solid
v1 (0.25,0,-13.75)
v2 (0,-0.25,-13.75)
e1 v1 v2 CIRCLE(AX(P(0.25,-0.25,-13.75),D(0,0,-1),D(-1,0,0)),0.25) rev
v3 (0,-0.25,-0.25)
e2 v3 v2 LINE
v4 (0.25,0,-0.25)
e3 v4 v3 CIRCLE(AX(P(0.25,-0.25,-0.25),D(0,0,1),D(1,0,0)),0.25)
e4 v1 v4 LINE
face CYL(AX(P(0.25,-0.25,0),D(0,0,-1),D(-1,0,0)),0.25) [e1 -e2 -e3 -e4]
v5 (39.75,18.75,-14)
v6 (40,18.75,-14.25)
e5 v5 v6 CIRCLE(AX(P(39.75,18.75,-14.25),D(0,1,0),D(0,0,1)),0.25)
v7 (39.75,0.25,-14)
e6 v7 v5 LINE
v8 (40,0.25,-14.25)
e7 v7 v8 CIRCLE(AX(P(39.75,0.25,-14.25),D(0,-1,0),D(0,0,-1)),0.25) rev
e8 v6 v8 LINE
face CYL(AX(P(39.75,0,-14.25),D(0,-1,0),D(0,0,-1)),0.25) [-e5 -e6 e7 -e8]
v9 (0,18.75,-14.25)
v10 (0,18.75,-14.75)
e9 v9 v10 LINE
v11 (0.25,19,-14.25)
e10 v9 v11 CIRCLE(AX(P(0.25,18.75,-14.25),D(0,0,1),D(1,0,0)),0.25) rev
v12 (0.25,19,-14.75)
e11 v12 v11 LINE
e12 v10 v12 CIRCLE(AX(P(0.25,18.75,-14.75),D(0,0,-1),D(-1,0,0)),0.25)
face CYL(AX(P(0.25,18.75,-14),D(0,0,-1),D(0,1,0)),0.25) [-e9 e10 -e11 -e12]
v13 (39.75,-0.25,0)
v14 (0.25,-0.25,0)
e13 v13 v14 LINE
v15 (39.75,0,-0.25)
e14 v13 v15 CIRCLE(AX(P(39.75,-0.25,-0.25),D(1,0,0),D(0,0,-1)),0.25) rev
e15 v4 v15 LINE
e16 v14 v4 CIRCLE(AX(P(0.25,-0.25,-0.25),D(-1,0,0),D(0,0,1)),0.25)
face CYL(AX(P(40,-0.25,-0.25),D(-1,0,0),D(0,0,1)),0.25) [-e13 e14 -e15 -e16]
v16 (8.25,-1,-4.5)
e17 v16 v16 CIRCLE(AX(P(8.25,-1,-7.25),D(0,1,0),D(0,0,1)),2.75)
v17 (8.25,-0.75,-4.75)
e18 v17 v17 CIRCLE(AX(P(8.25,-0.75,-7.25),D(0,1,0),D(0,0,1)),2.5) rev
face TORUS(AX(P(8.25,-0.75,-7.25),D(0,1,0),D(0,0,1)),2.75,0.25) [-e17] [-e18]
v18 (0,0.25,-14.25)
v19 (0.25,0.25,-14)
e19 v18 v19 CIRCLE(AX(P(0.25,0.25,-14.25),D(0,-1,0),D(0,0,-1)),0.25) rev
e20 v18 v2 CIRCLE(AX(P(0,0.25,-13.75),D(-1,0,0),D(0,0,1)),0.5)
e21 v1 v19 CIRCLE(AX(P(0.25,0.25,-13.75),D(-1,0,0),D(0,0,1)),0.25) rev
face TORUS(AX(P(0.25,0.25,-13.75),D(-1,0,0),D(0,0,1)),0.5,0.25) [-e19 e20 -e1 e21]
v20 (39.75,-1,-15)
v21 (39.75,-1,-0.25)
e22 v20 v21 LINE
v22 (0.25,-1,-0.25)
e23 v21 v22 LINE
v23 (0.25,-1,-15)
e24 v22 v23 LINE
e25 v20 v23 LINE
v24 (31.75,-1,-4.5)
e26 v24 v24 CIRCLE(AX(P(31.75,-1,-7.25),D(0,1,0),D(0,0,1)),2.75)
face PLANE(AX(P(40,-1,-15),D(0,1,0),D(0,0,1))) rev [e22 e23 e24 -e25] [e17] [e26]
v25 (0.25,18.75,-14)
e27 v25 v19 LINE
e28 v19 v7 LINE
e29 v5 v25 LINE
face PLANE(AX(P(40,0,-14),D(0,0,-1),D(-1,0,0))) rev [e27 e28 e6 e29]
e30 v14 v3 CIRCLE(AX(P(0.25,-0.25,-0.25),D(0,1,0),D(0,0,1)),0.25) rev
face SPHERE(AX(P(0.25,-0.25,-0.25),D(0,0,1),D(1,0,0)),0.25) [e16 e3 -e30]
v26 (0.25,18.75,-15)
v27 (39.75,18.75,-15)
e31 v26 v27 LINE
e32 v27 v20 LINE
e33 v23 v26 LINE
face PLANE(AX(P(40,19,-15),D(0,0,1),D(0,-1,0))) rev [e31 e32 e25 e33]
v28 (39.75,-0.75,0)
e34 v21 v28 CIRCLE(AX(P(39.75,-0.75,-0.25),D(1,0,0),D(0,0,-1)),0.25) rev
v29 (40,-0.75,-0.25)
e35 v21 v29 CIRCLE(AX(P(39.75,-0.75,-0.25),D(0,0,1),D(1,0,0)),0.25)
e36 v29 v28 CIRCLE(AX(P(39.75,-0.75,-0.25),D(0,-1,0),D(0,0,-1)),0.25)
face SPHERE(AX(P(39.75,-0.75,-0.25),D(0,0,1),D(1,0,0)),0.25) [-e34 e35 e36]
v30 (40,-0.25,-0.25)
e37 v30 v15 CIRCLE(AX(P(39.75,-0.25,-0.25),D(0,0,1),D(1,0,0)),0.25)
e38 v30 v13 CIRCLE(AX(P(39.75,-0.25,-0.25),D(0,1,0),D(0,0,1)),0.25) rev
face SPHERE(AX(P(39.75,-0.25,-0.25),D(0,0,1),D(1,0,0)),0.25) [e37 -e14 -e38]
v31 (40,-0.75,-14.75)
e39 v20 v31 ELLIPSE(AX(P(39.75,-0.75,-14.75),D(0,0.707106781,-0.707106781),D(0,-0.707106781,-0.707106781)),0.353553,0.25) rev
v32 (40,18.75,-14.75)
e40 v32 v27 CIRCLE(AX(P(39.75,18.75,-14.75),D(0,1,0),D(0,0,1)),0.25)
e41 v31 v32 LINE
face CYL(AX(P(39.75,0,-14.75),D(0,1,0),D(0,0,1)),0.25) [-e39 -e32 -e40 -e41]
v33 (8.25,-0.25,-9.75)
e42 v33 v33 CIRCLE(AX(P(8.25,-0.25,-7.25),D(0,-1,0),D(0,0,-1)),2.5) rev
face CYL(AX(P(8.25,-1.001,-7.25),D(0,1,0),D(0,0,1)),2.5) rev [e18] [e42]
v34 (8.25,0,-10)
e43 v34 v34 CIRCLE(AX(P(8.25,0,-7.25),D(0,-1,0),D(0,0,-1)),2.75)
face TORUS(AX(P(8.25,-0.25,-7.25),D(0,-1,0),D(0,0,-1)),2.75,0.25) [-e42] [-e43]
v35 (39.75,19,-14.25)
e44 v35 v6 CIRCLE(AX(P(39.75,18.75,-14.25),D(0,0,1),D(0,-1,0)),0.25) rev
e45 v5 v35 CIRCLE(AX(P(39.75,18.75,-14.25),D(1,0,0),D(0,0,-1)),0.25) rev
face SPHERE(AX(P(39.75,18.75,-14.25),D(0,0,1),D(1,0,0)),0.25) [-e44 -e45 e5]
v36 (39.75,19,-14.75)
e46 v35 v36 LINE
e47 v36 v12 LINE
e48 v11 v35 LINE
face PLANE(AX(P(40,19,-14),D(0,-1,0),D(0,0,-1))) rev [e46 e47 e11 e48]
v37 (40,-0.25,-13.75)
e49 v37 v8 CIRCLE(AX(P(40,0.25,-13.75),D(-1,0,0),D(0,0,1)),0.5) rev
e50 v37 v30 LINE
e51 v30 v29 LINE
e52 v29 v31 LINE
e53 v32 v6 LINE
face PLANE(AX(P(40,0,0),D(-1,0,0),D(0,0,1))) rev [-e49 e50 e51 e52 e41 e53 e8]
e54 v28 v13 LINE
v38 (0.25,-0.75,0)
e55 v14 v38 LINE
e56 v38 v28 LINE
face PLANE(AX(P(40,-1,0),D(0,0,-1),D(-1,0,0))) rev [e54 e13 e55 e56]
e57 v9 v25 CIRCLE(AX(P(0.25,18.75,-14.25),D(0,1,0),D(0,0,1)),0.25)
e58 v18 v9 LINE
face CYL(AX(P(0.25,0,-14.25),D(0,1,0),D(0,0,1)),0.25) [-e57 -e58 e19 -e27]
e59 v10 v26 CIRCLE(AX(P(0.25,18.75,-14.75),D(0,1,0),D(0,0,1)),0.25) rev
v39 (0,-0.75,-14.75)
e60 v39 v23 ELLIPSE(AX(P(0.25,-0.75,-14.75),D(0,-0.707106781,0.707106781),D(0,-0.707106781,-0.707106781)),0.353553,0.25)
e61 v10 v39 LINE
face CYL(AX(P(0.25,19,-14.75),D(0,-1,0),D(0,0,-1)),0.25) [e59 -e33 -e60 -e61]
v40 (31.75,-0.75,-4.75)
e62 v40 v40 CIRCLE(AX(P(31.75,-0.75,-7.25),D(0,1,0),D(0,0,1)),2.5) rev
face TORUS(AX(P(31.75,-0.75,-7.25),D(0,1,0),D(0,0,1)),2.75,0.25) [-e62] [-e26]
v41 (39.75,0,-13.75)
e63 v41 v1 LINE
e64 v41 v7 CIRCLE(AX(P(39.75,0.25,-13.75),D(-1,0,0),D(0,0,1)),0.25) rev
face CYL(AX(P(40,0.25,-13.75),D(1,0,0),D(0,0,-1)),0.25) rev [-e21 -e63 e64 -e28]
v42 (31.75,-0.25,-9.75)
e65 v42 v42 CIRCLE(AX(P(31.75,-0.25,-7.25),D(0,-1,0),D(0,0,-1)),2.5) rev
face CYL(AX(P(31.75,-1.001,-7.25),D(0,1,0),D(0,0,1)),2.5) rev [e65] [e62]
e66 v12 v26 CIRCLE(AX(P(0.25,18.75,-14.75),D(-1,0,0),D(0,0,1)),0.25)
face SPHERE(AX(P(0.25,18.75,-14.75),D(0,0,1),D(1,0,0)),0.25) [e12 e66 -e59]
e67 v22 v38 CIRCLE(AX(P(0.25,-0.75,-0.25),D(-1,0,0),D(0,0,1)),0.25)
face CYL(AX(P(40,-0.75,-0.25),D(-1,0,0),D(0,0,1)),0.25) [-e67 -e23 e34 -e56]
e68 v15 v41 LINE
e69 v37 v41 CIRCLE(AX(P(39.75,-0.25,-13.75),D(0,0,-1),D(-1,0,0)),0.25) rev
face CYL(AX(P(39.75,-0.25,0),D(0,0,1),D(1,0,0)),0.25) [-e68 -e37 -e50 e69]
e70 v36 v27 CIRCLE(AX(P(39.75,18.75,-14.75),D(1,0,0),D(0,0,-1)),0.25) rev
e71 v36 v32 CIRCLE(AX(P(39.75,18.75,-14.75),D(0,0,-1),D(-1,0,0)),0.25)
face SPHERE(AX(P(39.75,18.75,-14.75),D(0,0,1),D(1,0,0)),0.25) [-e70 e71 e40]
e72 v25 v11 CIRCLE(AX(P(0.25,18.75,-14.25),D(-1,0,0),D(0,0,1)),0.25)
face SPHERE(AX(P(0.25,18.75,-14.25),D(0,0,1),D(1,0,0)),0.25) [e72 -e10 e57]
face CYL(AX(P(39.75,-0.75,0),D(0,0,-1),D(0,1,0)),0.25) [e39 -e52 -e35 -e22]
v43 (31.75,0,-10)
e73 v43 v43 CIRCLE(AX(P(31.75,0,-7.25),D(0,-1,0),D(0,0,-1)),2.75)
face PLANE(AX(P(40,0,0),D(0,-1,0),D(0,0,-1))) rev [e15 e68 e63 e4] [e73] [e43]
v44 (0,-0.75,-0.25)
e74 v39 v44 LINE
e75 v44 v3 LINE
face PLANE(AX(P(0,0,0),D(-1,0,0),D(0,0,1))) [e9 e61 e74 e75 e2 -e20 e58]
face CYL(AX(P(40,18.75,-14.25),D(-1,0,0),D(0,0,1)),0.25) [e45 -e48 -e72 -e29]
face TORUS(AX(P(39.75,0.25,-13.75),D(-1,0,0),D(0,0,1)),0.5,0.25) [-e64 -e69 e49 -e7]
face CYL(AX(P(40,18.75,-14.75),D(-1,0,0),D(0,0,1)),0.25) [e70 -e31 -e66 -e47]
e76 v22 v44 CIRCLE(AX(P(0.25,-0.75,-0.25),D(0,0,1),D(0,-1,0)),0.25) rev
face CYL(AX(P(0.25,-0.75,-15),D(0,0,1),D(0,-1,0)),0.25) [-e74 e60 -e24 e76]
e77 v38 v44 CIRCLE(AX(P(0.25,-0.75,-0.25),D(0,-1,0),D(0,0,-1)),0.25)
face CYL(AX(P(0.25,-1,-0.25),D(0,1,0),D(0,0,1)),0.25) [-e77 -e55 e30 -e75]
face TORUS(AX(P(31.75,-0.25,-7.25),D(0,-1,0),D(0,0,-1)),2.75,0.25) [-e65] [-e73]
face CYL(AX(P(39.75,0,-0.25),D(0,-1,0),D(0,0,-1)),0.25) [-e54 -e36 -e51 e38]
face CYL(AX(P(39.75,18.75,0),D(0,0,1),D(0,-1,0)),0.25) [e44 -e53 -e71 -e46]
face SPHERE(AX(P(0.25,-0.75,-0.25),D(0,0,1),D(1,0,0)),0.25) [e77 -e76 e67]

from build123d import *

# Parameters (mm, degrees)
BOSS_EXTRUDE1_DEPTH = 40
FILLET1_R           = 0.25
CUT_EXTRUDE1_REACH  = 48.755
SKETCH2_R           = 2.5
FILLET2_R           = 0.25


with BuildPart() as part:
    # Sketch1 → Boss-Extrude1 (new body)
    with BuildSketch(Plane(origin=(0, 0, 0), x_dir=(0, 0, -1), z_dir=(1, 0, 0))):
        Polygon((0, 0), (14, 0), (14, 19), (15, 19), (15, -1), (0, -1), align=None)
    extrude(amount=BOSS_EXTRUDE1_DEPTH)

    # Fillet1
    fillet1_edges = [part.edges().sort_by_distance(p)[0] for p in [
        (20, 0, 0),
        (20, 0, -14),
        (20, 19, -14),
        (20, 19, -15),
        (20, -1, 0),
        (40, 9, -15),
        (40, 19, -14.5),
        (40, 9.5, -14),
        (40, 0, -7),
        (40, -0.5, 0),
        (0, 0, -7),
        (0, 9.5, -14),
        (0, 19, -14.5),
        (0, 9, -15),
        (0, -1, -7.5),
        (0, -0.5, 0),
        (40, -1, -7.5),
    ]]
    fillet(fillet1_edges, radius=FILLET1_R)

    # Sketch2 → Cut-Extrude1 (cut, up to next)
    with BuildSketch(Plane(origin=(0, 0, 0), x_dir=(1, 0, 0), z_dir=(0, 1, 0)), mode=Mode.PRIVATE) as cut_extrude1_sk1:
        with Locations(Location((8.25, 7.25, 0), (0, 0, 270))):
            Circle(SKETCH2_R)
    cut_extrude1_tool1 = extrude(cut_extrude1_sk1.sketch, amount=-CUT_EXTRUDE1_REACH, mode=Mode.PRIVATE) & part.part
    # Sketch2 → Cut-Extrude1 (cut, up to next)
    with BuildSketch(Plane(origin=(0, 0, 0), x_dir=(1, 0, 0), z_dir=(0, 1, 0)), mode=Mode.PRIVATE) as cut_extrude1_sk2:
        with Locations(Location((31.75, 7.25, 0), (0, 0, 270))):
            Circle(SKETCH2_R)
    cut_extrude1_tool2 = extrude(cut_extrude1_sk2.sketch, amount=-CUT_EXTRUDE1_REACH, mode=Mode.PRIVATE) & part.part
    add(cut_extrude1_tool1.solids().sort_by_distance((8.25, 0, -7.25))[0], mode=Mode.SUBTRACT)
    add(cut_extrude1_tool2.solids().sort_by_distance((31.75, 0, -7.25))[0], mode=Mode.SUBTRACT)

    # Fillet2
    fillet2_edges = [part.edges().sort_by_distance(p)[0] for p in [
        (8.25, 0, -9.75),
        (8.25, -1, -9.75),
        (31.75, 0, -9.75),
        (31.75, -1, -9.75),
    ]]
    fillet(fillet2_edges, radius=FILLET2_R)


solid = part.part
